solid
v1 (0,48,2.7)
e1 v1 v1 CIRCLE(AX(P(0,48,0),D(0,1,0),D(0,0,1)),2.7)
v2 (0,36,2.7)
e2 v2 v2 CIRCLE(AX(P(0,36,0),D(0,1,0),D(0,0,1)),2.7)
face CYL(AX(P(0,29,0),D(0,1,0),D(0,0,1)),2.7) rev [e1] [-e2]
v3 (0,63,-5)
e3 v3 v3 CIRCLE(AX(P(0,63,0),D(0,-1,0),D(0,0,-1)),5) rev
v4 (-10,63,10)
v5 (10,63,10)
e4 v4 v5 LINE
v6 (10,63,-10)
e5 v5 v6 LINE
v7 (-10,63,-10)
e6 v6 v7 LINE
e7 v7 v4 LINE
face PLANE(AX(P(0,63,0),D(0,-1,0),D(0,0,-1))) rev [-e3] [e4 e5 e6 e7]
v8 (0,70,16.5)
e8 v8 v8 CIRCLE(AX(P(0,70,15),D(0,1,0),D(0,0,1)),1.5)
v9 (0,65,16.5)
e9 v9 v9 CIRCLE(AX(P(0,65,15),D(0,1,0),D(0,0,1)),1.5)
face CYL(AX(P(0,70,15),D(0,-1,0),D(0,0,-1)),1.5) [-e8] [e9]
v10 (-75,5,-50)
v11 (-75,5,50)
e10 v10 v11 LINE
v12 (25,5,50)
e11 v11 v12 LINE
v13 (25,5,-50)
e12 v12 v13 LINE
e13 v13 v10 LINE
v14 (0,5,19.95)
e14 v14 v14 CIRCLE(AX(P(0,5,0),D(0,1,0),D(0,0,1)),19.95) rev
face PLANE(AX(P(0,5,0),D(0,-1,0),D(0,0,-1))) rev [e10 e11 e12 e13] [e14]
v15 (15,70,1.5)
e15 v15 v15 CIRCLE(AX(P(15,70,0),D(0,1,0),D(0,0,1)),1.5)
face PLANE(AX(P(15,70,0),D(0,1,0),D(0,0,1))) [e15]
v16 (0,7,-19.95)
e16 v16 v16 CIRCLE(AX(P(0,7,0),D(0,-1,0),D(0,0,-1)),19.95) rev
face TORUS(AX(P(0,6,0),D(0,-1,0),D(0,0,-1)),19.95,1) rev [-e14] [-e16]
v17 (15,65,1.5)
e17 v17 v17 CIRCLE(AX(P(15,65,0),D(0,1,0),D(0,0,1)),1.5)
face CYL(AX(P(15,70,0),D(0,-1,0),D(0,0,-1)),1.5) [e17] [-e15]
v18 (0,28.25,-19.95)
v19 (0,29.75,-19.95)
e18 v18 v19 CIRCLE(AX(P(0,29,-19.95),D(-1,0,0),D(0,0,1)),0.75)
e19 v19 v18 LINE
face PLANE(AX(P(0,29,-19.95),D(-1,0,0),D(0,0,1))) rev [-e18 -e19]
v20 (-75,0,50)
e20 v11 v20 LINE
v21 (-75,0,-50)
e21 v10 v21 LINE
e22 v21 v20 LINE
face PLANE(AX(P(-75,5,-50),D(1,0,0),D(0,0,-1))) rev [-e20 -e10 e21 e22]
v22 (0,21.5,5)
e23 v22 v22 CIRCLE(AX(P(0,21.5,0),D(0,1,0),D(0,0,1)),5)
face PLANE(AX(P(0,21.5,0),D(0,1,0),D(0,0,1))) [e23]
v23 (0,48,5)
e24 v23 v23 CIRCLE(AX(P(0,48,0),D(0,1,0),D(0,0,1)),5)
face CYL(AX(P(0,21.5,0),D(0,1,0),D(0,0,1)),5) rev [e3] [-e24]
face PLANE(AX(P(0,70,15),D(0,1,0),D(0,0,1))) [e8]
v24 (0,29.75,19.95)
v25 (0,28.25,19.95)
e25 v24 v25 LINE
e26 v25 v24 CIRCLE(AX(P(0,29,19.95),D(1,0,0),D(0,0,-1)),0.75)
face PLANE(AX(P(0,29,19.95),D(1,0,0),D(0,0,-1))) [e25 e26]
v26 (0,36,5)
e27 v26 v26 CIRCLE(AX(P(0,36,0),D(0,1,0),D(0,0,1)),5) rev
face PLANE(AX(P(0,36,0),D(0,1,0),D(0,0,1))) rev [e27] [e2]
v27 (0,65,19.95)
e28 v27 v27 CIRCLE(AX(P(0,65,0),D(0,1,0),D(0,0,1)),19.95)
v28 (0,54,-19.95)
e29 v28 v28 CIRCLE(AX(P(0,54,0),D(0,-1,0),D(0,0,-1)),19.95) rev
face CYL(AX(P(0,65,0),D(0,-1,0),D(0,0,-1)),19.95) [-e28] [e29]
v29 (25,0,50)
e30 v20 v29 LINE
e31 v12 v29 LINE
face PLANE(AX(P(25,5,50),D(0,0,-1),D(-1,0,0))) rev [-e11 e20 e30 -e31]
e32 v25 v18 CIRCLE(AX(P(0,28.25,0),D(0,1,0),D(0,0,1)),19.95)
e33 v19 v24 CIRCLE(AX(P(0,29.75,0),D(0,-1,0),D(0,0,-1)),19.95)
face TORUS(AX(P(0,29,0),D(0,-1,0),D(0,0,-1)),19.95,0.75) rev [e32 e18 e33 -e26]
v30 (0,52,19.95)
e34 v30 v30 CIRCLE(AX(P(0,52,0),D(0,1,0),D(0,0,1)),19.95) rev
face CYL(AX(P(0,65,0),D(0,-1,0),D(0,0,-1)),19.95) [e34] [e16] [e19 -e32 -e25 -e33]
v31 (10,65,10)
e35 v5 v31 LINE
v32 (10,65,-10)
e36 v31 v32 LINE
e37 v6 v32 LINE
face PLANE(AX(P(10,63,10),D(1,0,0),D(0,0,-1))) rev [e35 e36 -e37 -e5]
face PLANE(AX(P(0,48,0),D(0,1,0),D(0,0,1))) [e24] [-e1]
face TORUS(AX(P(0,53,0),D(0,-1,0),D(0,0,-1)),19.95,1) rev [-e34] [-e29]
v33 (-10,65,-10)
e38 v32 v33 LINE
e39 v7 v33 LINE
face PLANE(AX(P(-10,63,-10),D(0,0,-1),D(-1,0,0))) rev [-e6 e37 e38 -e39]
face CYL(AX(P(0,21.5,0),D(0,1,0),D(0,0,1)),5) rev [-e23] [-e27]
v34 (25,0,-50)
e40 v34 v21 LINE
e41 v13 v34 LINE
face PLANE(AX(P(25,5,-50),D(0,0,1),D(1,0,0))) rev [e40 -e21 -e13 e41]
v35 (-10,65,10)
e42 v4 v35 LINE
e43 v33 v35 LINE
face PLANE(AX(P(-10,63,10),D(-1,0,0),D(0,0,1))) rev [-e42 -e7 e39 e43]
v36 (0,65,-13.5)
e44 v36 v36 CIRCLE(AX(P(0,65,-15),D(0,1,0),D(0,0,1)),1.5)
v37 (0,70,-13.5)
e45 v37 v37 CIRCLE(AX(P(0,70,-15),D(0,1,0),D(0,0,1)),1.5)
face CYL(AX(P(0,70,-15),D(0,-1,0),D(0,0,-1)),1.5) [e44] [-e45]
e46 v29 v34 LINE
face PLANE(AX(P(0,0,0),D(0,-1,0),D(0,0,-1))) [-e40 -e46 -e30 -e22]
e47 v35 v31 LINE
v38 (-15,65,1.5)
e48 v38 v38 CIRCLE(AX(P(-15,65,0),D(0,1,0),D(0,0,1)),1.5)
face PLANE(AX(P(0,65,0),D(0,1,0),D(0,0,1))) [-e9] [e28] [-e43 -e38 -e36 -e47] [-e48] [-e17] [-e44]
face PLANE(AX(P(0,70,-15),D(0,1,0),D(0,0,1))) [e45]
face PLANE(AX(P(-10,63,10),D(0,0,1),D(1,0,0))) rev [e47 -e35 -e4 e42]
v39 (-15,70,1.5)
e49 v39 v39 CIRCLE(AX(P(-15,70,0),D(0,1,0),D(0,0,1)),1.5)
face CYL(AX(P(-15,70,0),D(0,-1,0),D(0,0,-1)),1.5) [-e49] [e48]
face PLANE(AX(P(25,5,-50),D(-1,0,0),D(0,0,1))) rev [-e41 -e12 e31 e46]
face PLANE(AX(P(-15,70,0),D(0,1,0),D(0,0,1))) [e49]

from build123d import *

# Parameters (mm, degrees)
SKETCH2_W                = 100
SKETCH2_H                = 100
BOSS_EXTRUDE1_DEPTH      = 5
SKETCH3_R                = 19.95
BOSS_EXTRUDE2_DEPTH      = 60
SKETCH4_R                = 5
CUT_EXTRUDE1_DEPTH       = 43.5
SKETCH10_R               = 1
SKETCH11_R               = 1
SKETCH15_R               = 5
BOSS_EXTRUDE3_DEPTH      = 10
BOSS_EXTRUDE3_DEPTH_BACK = 2
SKETCH18_R               = 5
BOSS_EXTRUDE4_DEPTH      = 1
SKETCH19_R               = 2.7
CUT_EXTRUDE3_DEPTH       = 36
SKETCH20_R               = 0.75
CUT_REVOLVE4_ANGLE       = 180
SKETCH21_W               = 20
SKETCH21_H               = 20
CUT_EXTRUDE4_DEPTH       = 2
SKETCH23_R               = 1.5
BOSS_EXTRUDE5_DEPTH      = 5


with BuildPart() as part:
    # Sketch2 → Boss-Extrude1 (new body)
    with BuildSketch(Plane(origin=(0, 0, 0), x_dir=(1, 0, 0), z_dir=(0, 1, 0))):
        with Locations((-25, 0)):
            Rectangle(SKETCH2_W, SKETCH2_H)
    extrude(amount=BOSS_EXTRUDE1_DEPTH)

    # Sketch3 → Boss-Extrude2 (add)
    with BuildSketch(Plane(origin=(0, 5, 0), x_dir=(1, 0, 0), z_dir=(0, 1, 0))):
        Circle(SKETCH3_R)
    extrude(amount=BOSS_EXTRUDE2_DEPTH)

    # Sketch4 → Cut-Extrude1 (cut)
    with BuildSketch(Plane(origin=(0, 65, 0), x_dir=(1, 0, 0), z_dir=(0, 1, 0))):
        Circle(SKETCH4_R)
    extrude(amount=-CUT_EXTRUDE1_DEPTH, mode=Mode.SUBTRACT)

    # Sketch10 → Cut-Revolve2 (revolve, cut)
    with BuildSketch(Plane.XY):
        with Locations((19.95, 6)):
            Circle(SKETCH10_R)
    revolve(axis=Axis((0, 0, 0), (0, 1, 0)), mode=Mode.SUBTRACT)

    # Sketch11 → Cut-Revolve3 (revolve, cut)
    with BuildSketch(Plane.XY):
        with Locations((19.95, 53)):
            Circle(SKETCH11_R)
    revolve(axis=Axis((0, 0, 0), (0, 1, 0)), mode=Mode.SUBTRACT)

    # Sketch15 → Boss-Extrude3 (add, two sides)
    with BuildSketch(Plane(origin=(0, 38, 0), x_dir=(1, 0, 0), z_dir=(0, 1, 0))) as boss_extrude3_sk:
        Circle(SKETCH15_R)
    extrude(amount=BOSS_EXTRUDE3_DEPTH)
    extrude(boss_extrude3_sk.sketch, amount=-BOSS_EXTRUDE3_DEPTH_BACK)

    # Sketch18 → Boss-Extrude4 (add)
    with BuildSketch(Plane(origin=(0, 65, 0), x_dir=(1, 0, 0), z_dir=(0, 1, 0))):
        Circle(SKETCH18_R)
    extrude(amount=-BOSS_EXTRUDE4_DEPTH)

    # Sketch19 → Cut-Extrude3 (cut)
    with BuildSketch(Plane(origin=(0, 65, 0), x_dir=(1, 0, 0), z_dir=(0, 1, 0))):
        Circle(SKETCH19_R)
    extrude(amount=-CUT_EXTRUDE3_DEPTH, mode=Mode.SUBTRACT)

    # Sketch20 → Cut-Revolve4 (revolve, cut)
    with BuildSketch(Plane(origin=(0, 0, 0), x_dir=(0, 0, -1), z_dir=(1, 0, 0))):
        with Locations((-19.95, 29)):
            Circle(SKETCH20_R)
    revolve(axis=Axis((0, 0, 0), (0, 1, 0)), revolution_arc=CUT_REVOLVE4_ANGLE, mode=Mode.SUBTRACT)

    # Sketch21 → Cut-Extrude4 (cut)
    with BuildSketch(Plane(origin=(0, 65, 0), x_dir=(1, 0, 0), z_dir=(0, 1, 0))):
        Rectangle(SKETCH21_W, SKETCH21_H)
    extrude(amount=-CUT_EXTRUDE4_DEPTH, mode=Mode.SUBTRACT)

    # Sketch23 → Boss-Extrude5 (add)
    with BuildSketch(Plane(origin=(0, 65, 0), x_dir=(1, 0, 0), z_dir=(0, 1, 0))):
        with Locations((0, -15)):
            Circle(SKETCH23_R)
        with Locations((0, 15)):
            Circle(SKETCH23_R)
        with Locations((-15, 0)):
            Circle(SKETCH23_R)
        with Locations((15, 0)):
            Circle(SKETCH23_R)
    extrude(amount=BOSS_EXTRUDE5_DEPTH)


solid = part.part
